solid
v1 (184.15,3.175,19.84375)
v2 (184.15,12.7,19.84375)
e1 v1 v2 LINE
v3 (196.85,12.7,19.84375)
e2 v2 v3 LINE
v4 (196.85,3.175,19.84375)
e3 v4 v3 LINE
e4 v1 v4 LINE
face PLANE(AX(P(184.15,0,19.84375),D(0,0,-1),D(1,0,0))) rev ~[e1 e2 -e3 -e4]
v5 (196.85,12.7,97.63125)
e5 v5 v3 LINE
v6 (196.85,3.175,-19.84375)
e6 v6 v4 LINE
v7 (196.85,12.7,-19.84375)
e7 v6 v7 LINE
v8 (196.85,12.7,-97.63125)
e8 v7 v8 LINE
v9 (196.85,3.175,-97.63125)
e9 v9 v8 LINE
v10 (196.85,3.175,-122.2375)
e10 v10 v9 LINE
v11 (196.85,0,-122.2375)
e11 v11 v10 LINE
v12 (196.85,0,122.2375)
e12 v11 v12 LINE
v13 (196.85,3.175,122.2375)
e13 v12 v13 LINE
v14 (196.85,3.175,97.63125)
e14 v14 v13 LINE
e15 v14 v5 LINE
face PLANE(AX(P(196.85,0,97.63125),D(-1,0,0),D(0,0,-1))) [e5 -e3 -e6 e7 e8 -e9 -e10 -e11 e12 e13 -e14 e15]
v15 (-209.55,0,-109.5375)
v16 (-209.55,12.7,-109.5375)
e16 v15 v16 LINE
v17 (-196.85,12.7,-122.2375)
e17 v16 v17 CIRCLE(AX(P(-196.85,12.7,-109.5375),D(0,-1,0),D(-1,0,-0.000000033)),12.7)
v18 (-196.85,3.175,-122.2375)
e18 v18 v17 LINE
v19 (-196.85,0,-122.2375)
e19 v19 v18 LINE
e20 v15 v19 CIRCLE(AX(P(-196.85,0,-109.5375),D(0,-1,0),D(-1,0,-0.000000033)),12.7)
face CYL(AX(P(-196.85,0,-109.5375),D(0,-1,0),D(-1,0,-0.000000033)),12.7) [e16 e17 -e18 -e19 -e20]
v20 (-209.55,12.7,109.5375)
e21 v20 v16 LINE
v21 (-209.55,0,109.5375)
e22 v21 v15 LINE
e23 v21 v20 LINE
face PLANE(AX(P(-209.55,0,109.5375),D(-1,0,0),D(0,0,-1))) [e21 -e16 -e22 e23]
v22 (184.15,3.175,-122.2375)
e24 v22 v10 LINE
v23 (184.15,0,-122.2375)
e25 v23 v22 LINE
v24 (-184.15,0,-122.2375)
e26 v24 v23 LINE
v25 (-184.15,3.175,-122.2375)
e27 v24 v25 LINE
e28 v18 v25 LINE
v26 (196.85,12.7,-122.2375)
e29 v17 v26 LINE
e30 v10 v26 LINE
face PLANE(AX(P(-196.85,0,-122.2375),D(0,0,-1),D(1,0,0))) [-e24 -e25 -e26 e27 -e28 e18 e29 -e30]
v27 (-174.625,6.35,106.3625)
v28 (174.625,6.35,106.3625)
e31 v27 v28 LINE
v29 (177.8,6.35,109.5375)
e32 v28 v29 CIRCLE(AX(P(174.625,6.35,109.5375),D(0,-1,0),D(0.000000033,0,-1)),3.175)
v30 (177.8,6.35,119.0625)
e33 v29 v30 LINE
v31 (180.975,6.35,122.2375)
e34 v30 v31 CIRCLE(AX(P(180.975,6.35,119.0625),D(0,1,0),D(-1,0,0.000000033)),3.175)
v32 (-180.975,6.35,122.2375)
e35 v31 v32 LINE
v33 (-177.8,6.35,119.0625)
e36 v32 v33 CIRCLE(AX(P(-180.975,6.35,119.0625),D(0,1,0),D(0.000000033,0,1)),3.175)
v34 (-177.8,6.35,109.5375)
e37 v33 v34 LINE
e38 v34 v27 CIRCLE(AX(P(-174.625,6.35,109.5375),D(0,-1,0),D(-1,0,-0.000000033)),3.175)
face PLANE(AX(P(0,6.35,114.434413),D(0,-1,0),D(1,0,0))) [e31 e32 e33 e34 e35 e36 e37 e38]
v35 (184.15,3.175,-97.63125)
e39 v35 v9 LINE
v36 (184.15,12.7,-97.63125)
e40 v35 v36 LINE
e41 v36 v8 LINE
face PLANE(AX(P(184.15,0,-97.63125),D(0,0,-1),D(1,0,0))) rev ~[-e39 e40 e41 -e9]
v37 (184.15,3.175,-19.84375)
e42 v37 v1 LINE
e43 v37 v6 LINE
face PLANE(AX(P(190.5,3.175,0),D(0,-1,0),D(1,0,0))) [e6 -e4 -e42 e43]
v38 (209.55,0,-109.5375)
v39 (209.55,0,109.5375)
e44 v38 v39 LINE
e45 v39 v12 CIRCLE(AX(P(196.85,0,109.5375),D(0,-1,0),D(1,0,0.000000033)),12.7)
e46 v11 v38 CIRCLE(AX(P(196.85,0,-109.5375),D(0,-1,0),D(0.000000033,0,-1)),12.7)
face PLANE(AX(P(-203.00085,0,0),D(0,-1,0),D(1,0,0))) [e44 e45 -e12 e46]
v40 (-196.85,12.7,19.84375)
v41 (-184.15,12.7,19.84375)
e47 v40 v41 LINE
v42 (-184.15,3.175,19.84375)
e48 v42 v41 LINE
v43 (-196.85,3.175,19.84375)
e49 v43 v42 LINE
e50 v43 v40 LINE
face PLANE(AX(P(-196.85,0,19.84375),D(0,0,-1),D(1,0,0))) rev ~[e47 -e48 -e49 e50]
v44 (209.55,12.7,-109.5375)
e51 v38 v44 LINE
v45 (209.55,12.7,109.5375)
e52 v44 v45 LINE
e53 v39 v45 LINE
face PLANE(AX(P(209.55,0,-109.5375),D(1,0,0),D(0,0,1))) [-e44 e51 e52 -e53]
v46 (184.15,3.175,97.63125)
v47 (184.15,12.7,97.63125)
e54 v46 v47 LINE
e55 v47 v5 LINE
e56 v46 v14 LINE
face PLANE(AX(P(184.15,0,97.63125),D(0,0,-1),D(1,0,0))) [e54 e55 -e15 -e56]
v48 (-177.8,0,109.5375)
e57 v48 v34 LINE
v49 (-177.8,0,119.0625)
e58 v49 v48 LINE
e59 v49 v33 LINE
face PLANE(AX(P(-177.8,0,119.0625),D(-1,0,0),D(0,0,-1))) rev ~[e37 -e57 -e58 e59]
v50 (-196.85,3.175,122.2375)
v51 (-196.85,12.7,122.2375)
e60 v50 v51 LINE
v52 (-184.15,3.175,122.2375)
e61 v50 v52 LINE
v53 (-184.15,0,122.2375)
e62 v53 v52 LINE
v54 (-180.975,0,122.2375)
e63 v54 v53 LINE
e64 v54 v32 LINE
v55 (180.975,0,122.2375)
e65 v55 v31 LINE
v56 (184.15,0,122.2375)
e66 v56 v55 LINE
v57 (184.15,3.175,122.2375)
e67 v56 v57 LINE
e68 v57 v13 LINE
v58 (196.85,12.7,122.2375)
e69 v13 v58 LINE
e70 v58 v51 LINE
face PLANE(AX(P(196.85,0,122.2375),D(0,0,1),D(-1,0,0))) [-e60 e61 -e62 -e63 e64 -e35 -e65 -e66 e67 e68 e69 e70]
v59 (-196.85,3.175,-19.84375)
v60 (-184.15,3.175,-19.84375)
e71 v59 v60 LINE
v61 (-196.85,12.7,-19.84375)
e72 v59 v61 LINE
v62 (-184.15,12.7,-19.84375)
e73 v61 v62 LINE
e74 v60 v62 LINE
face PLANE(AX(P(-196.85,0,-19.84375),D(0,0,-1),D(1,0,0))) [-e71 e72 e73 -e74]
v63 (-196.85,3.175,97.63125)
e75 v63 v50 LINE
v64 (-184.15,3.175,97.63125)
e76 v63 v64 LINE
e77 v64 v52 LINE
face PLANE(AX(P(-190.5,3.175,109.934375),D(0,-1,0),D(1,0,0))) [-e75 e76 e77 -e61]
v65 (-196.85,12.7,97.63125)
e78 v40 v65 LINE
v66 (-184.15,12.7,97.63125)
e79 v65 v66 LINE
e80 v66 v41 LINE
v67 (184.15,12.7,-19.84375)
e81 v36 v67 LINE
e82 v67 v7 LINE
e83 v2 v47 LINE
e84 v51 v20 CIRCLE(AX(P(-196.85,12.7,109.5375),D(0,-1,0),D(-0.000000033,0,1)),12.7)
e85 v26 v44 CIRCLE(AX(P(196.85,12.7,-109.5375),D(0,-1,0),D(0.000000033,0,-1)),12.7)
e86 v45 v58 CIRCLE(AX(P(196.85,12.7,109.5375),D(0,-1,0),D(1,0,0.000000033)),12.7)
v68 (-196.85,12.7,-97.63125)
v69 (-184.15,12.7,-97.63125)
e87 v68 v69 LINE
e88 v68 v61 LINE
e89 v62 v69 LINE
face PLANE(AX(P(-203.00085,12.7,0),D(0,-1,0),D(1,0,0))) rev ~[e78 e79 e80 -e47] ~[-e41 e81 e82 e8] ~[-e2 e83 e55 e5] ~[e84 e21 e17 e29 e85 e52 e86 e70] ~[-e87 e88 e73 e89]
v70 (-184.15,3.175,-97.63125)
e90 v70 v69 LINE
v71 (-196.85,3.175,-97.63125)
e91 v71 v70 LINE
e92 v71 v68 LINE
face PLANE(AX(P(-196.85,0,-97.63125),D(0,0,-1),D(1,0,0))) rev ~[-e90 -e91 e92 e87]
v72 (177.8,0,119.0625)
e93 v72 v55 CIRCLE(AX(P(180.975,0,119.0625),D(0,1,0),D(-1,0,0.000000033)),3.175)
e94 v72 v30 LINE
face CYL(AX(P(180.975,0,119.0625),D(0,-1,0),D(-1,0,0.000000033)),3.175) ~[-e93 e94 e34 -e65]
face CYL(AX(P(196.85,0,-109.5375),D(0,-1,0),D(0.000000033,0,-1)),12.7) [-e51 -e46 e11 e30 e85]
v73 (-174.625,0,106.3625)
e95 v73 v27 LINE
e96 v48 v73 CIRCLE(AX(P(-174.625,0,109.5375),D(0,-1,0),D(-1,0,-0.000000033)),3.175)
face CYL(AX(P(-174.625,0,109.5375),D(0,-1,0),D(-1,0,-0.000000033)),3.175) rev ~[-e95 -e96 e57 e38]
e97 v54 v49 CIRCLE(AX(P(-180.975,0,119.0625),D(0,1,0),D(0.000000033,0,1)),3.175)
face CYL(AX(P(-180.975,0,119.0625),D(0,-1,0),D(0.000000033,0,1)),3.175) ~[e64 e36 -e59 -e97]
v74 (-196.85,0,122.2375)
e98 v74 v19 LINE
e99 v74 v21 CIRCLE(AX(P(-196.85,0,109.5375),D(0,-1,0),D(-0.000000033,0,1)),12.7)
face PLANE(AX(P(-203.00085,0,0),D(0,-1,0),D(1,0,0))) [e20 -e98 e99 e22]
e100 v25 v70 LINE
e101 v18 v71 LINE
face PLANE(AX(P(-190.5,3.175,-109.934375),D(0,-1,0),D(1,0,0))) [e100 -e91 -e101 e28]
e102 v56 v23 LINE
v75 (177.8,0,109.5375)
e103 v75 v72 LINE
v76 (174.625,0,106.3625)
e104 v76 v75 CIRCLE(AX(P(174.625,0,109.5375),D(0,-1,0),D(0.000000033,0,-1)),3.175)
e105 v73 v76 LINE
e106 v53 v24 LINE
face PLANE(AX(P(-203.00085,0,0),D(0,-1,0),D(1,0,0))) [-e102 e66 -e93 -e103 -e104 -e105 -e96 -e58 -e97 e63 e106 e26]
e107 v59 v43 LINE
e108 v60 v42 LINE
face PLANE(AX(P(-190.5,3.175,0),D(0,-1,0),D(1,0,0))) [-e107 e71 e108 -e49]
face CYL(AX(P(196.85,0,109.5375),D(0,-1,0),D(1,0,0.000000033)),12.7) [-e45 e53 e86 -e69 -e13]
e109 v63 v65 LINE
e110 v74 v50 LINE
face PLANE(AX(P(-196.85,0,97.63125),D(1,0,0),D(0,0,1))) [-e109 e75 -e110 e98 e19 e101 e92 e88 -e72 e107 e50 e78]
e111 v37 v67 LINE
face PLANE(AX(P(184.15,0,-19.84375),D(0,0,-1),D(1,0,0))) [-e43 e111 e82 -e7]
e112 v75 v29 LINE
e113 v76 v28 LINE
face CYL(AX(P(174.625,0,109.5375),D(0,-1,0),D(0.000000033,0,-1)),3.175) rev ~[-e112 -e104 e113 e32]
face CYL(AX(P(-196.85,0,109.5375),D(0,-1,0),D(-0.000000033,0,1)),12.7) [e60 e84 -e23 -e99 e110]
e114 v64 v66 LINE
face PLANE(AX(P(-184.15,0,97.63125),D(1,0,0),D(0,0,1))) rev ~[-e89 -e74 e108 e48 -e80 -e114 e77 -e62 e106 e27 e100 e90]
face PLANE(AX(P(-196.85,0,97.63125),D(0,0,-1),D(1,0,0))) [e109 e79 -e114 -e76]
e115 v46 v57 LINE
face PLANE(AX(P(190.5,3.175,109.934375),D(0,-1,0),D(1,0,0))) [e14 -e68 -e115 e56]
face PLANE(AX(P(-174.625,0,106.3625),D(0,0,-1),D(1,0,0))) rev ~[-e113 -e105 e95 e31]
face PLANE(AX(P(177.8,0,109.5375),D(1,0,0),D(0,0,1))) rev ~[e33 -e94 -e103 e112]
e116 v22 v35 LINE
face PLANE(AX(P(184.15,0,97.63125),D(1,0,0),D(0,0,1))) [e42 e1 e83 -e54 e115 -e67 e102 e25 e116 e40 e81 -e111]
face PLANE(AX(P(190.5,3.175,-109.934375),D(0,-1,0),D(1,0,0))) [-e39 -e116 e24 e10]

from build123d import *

# Parameters (mm, degrees)
F0_W     = 12.7
F0_H     = 24.60625
F0_H_2   = 39.6875
F1_DEPTH = 12.7
F2_DEPTH = 3.175
F3_DEPTH = 6.35


with BuildPart() as f1:
    # F0 (on Front) → F1 (new body)
    with BuildSketch(Plane.XZ):
        with BuildLine():
            Line((-196.85, 97.63125), (-196.85, 122.2375))
            ThreePointArc((-196.85, 122.2375), (-205.830256, 118.517756), (-209.55, 109.5375))
            Line((-209.55, 109.5375), (-209.55, -109.5375))
            ThreePointArc((-209.55, -109.5375), (-205.830256, -118.517756), (-196.85, -122.2375))
            Line((-196.85, -122.2375), (-196.85, -97.63125))
            Line((-196.85, -97.63125), (-196.85, -19.84375))
            Line((-196.85, -19.84375), (-196.85, 19.84375))
            Line((-196.85, 19.84375), (-196.85, 97.63125))
        make_face()
        with Locations((-190.5, 109.934375)):
            Rectangle(F0_W, F0_H)
        with Locations((-190.5, 0)):
            Rectangle(F0_W, F0_H_2)
        with Locations((-190.5, -109.934375)):
            Rectangle(F0_W, F0_H)
        with BuildLine():
            Line((-180.975, 122.2375), (-184.15, 122.2375))
            Line((-184.15, 122.2375), (-184.15, 97.63125))
            Line((-184.15, 97.63125), (-184.15, 19.84375))
            Line((-184.15, 19.84375), (-184.15, -19.84375))
            Line((-184.15, -19.84375), (-184.15, -97.63125))
            Line((-184.15, -97.63125), (-184.15, -122.2375))
            Line((-184.15, -122.2375), (184.15, -122.2375))
            Line((184.15, -122.2375), (184.15, -97.63125))
            Line((184.15, -97.63125), (184.15, -19.84375))
            Line((184.15, -19.84375), (184.15, 19.84375))
            Line((184.15, 19.84375), (184.15, 97.63125))
            Line((184.15, 97.63125), (184.15, 122.2375))
            Line((184.15, 122.2375), (180.975, 122.2375))
            ThreePointArc((180.975, 122.2375), (178.729936, 121.307564), (177.8, 119.0625))
            Line((177.8, 119.0625), (177.8, 109.5375))
            ThreePointArc((177.8, 109.5375), (176.870064, 107.292436), (174.625, 106.3625))
            Line((174.625, 106.3625), (-174.625, 106.3625))
            ThreePointArc((-174.625, 106.3625), (-176.870064, 107.292436), (-177.8, 109.5375))
            Line((-177.8, 109.5375), (-177.8, 119.0625))
            ThreePointArc((-177.8, 119.0625), (-178.729936, 121.307564), (-180.975, 122.2375))
        make_face()
        with Locations((190.5, -109.934375)):
            Rectangle(F0_W, F0_H)
        with BuildLine():
            ThreePointArc((209.55, 109.5375), (205.830256, 118.517756), (196.85, 122.2375))
            Line((196.85, 122.2375), (196.85, 97.63125))
            Line((196.85, 97.63125), (196.85, 19.84375))
            Line((196.85, 19.84375), (196.85, -19.84375))
            Line((196.85, -19.84375), (196.85, -97.63125))
            Line((196.85, -97.63125), (196.85, -122.2375))
            ThreePointArc((196.85, -122.2375), (205.830256, -118.517756), (209.55, -109.5375))
            Line((209.55, -109.5375), (209.55, 109.5375))
        make_face()
        with Locations((190.5, 0)):
            Rectangle(F0_W, F0_H_2)
        with Locations((190.5, 109.934375)):
            Rectangle(F0_W, F0_H)
        with BuildLine():
            Line((180.975, 122.2375), (-180.975, 122.2375))
            ThreePointArc((-180.975, 122.2375), (-178.729936, 121.307564), (-177.8, 119.0625))
            Line((-177.8, 119.0625), (-177.8, 109.5375))
            ThreePointArc((-177.8, 109.5375), (-176.870064, 107.292436), (-174.625, 106.3625))
            Line((-174.625, 106.3625), (174.625, 106.3625))
            ThreePointArc((174.625, 106.3625), (176.870064, 107.292436), (177.8, 109.5375))
            Line((177.8, 109.5375), (177.8, 119.0625))
            ThreePointArc((177.8, 119.0625), (178.729936, 121.307564), (180.975, 122.2375))
        make_face()
    extrude(amount=-F1_DEPTH)

    # F0 (on Front) → F2 (cut)
    with BuildSketch(Plane.XZ):
        with Locations((-190.5, -109.934375)):
            Rectangle(F0_W, F0_H)
        with Locations((-190.5, 0)):
            Rectangle(F0_W, F0_H_2)
        with Locations((190.5, -109.934375)):
            Rectangle(F0_W, F0_H)
        with Locations((190.5, 0)):
            Rectangle(F0_W, F0_H_2)
        with Locations((190.5, 109.934375)):
            Rectangle(F0_W, F0_H)
        with Locations((-190.5, 109.934375)):
            Rectangle(F0_W, F0_H)
    extrude(amount=-F2_DEPTH, mode=Mode.SUBTRACT)

    # F0 (on Front) → F3 (cut)
    with BuildSketch(Plane.XZ):
        with BuildLine():
            Line((180.975, 122.2375), (-180.975, 122.2375))
            ThreePointArc((-180.975, 122.2375), (-178.729936, 121.307564), (-177.8, 119.0625))
            Line((-177.8, 119.0625), (-177.8, 109.5375))
            ThreePointArc((-177.8, 109.5375), (-176.870064, 107.292436), (-174.625, 106.3625))
            Line((-174.625, 106.3625), (174.625, 106.3625))
            ThreePointArc((174.625, 106.3625), (176.870064, 107.292436), (177.8, 109.5375))
            Line((177.8, 109.5375), (177.8, 119.0625))
            ThreePointArc((177.8, 119.0625), (178.729936, 121.307564), (180.975, 122.2375))
        make_face()
    extrude(amount=-F3_DEPTH, mode=Mode.SUBTRACT)


solid = f1.part
